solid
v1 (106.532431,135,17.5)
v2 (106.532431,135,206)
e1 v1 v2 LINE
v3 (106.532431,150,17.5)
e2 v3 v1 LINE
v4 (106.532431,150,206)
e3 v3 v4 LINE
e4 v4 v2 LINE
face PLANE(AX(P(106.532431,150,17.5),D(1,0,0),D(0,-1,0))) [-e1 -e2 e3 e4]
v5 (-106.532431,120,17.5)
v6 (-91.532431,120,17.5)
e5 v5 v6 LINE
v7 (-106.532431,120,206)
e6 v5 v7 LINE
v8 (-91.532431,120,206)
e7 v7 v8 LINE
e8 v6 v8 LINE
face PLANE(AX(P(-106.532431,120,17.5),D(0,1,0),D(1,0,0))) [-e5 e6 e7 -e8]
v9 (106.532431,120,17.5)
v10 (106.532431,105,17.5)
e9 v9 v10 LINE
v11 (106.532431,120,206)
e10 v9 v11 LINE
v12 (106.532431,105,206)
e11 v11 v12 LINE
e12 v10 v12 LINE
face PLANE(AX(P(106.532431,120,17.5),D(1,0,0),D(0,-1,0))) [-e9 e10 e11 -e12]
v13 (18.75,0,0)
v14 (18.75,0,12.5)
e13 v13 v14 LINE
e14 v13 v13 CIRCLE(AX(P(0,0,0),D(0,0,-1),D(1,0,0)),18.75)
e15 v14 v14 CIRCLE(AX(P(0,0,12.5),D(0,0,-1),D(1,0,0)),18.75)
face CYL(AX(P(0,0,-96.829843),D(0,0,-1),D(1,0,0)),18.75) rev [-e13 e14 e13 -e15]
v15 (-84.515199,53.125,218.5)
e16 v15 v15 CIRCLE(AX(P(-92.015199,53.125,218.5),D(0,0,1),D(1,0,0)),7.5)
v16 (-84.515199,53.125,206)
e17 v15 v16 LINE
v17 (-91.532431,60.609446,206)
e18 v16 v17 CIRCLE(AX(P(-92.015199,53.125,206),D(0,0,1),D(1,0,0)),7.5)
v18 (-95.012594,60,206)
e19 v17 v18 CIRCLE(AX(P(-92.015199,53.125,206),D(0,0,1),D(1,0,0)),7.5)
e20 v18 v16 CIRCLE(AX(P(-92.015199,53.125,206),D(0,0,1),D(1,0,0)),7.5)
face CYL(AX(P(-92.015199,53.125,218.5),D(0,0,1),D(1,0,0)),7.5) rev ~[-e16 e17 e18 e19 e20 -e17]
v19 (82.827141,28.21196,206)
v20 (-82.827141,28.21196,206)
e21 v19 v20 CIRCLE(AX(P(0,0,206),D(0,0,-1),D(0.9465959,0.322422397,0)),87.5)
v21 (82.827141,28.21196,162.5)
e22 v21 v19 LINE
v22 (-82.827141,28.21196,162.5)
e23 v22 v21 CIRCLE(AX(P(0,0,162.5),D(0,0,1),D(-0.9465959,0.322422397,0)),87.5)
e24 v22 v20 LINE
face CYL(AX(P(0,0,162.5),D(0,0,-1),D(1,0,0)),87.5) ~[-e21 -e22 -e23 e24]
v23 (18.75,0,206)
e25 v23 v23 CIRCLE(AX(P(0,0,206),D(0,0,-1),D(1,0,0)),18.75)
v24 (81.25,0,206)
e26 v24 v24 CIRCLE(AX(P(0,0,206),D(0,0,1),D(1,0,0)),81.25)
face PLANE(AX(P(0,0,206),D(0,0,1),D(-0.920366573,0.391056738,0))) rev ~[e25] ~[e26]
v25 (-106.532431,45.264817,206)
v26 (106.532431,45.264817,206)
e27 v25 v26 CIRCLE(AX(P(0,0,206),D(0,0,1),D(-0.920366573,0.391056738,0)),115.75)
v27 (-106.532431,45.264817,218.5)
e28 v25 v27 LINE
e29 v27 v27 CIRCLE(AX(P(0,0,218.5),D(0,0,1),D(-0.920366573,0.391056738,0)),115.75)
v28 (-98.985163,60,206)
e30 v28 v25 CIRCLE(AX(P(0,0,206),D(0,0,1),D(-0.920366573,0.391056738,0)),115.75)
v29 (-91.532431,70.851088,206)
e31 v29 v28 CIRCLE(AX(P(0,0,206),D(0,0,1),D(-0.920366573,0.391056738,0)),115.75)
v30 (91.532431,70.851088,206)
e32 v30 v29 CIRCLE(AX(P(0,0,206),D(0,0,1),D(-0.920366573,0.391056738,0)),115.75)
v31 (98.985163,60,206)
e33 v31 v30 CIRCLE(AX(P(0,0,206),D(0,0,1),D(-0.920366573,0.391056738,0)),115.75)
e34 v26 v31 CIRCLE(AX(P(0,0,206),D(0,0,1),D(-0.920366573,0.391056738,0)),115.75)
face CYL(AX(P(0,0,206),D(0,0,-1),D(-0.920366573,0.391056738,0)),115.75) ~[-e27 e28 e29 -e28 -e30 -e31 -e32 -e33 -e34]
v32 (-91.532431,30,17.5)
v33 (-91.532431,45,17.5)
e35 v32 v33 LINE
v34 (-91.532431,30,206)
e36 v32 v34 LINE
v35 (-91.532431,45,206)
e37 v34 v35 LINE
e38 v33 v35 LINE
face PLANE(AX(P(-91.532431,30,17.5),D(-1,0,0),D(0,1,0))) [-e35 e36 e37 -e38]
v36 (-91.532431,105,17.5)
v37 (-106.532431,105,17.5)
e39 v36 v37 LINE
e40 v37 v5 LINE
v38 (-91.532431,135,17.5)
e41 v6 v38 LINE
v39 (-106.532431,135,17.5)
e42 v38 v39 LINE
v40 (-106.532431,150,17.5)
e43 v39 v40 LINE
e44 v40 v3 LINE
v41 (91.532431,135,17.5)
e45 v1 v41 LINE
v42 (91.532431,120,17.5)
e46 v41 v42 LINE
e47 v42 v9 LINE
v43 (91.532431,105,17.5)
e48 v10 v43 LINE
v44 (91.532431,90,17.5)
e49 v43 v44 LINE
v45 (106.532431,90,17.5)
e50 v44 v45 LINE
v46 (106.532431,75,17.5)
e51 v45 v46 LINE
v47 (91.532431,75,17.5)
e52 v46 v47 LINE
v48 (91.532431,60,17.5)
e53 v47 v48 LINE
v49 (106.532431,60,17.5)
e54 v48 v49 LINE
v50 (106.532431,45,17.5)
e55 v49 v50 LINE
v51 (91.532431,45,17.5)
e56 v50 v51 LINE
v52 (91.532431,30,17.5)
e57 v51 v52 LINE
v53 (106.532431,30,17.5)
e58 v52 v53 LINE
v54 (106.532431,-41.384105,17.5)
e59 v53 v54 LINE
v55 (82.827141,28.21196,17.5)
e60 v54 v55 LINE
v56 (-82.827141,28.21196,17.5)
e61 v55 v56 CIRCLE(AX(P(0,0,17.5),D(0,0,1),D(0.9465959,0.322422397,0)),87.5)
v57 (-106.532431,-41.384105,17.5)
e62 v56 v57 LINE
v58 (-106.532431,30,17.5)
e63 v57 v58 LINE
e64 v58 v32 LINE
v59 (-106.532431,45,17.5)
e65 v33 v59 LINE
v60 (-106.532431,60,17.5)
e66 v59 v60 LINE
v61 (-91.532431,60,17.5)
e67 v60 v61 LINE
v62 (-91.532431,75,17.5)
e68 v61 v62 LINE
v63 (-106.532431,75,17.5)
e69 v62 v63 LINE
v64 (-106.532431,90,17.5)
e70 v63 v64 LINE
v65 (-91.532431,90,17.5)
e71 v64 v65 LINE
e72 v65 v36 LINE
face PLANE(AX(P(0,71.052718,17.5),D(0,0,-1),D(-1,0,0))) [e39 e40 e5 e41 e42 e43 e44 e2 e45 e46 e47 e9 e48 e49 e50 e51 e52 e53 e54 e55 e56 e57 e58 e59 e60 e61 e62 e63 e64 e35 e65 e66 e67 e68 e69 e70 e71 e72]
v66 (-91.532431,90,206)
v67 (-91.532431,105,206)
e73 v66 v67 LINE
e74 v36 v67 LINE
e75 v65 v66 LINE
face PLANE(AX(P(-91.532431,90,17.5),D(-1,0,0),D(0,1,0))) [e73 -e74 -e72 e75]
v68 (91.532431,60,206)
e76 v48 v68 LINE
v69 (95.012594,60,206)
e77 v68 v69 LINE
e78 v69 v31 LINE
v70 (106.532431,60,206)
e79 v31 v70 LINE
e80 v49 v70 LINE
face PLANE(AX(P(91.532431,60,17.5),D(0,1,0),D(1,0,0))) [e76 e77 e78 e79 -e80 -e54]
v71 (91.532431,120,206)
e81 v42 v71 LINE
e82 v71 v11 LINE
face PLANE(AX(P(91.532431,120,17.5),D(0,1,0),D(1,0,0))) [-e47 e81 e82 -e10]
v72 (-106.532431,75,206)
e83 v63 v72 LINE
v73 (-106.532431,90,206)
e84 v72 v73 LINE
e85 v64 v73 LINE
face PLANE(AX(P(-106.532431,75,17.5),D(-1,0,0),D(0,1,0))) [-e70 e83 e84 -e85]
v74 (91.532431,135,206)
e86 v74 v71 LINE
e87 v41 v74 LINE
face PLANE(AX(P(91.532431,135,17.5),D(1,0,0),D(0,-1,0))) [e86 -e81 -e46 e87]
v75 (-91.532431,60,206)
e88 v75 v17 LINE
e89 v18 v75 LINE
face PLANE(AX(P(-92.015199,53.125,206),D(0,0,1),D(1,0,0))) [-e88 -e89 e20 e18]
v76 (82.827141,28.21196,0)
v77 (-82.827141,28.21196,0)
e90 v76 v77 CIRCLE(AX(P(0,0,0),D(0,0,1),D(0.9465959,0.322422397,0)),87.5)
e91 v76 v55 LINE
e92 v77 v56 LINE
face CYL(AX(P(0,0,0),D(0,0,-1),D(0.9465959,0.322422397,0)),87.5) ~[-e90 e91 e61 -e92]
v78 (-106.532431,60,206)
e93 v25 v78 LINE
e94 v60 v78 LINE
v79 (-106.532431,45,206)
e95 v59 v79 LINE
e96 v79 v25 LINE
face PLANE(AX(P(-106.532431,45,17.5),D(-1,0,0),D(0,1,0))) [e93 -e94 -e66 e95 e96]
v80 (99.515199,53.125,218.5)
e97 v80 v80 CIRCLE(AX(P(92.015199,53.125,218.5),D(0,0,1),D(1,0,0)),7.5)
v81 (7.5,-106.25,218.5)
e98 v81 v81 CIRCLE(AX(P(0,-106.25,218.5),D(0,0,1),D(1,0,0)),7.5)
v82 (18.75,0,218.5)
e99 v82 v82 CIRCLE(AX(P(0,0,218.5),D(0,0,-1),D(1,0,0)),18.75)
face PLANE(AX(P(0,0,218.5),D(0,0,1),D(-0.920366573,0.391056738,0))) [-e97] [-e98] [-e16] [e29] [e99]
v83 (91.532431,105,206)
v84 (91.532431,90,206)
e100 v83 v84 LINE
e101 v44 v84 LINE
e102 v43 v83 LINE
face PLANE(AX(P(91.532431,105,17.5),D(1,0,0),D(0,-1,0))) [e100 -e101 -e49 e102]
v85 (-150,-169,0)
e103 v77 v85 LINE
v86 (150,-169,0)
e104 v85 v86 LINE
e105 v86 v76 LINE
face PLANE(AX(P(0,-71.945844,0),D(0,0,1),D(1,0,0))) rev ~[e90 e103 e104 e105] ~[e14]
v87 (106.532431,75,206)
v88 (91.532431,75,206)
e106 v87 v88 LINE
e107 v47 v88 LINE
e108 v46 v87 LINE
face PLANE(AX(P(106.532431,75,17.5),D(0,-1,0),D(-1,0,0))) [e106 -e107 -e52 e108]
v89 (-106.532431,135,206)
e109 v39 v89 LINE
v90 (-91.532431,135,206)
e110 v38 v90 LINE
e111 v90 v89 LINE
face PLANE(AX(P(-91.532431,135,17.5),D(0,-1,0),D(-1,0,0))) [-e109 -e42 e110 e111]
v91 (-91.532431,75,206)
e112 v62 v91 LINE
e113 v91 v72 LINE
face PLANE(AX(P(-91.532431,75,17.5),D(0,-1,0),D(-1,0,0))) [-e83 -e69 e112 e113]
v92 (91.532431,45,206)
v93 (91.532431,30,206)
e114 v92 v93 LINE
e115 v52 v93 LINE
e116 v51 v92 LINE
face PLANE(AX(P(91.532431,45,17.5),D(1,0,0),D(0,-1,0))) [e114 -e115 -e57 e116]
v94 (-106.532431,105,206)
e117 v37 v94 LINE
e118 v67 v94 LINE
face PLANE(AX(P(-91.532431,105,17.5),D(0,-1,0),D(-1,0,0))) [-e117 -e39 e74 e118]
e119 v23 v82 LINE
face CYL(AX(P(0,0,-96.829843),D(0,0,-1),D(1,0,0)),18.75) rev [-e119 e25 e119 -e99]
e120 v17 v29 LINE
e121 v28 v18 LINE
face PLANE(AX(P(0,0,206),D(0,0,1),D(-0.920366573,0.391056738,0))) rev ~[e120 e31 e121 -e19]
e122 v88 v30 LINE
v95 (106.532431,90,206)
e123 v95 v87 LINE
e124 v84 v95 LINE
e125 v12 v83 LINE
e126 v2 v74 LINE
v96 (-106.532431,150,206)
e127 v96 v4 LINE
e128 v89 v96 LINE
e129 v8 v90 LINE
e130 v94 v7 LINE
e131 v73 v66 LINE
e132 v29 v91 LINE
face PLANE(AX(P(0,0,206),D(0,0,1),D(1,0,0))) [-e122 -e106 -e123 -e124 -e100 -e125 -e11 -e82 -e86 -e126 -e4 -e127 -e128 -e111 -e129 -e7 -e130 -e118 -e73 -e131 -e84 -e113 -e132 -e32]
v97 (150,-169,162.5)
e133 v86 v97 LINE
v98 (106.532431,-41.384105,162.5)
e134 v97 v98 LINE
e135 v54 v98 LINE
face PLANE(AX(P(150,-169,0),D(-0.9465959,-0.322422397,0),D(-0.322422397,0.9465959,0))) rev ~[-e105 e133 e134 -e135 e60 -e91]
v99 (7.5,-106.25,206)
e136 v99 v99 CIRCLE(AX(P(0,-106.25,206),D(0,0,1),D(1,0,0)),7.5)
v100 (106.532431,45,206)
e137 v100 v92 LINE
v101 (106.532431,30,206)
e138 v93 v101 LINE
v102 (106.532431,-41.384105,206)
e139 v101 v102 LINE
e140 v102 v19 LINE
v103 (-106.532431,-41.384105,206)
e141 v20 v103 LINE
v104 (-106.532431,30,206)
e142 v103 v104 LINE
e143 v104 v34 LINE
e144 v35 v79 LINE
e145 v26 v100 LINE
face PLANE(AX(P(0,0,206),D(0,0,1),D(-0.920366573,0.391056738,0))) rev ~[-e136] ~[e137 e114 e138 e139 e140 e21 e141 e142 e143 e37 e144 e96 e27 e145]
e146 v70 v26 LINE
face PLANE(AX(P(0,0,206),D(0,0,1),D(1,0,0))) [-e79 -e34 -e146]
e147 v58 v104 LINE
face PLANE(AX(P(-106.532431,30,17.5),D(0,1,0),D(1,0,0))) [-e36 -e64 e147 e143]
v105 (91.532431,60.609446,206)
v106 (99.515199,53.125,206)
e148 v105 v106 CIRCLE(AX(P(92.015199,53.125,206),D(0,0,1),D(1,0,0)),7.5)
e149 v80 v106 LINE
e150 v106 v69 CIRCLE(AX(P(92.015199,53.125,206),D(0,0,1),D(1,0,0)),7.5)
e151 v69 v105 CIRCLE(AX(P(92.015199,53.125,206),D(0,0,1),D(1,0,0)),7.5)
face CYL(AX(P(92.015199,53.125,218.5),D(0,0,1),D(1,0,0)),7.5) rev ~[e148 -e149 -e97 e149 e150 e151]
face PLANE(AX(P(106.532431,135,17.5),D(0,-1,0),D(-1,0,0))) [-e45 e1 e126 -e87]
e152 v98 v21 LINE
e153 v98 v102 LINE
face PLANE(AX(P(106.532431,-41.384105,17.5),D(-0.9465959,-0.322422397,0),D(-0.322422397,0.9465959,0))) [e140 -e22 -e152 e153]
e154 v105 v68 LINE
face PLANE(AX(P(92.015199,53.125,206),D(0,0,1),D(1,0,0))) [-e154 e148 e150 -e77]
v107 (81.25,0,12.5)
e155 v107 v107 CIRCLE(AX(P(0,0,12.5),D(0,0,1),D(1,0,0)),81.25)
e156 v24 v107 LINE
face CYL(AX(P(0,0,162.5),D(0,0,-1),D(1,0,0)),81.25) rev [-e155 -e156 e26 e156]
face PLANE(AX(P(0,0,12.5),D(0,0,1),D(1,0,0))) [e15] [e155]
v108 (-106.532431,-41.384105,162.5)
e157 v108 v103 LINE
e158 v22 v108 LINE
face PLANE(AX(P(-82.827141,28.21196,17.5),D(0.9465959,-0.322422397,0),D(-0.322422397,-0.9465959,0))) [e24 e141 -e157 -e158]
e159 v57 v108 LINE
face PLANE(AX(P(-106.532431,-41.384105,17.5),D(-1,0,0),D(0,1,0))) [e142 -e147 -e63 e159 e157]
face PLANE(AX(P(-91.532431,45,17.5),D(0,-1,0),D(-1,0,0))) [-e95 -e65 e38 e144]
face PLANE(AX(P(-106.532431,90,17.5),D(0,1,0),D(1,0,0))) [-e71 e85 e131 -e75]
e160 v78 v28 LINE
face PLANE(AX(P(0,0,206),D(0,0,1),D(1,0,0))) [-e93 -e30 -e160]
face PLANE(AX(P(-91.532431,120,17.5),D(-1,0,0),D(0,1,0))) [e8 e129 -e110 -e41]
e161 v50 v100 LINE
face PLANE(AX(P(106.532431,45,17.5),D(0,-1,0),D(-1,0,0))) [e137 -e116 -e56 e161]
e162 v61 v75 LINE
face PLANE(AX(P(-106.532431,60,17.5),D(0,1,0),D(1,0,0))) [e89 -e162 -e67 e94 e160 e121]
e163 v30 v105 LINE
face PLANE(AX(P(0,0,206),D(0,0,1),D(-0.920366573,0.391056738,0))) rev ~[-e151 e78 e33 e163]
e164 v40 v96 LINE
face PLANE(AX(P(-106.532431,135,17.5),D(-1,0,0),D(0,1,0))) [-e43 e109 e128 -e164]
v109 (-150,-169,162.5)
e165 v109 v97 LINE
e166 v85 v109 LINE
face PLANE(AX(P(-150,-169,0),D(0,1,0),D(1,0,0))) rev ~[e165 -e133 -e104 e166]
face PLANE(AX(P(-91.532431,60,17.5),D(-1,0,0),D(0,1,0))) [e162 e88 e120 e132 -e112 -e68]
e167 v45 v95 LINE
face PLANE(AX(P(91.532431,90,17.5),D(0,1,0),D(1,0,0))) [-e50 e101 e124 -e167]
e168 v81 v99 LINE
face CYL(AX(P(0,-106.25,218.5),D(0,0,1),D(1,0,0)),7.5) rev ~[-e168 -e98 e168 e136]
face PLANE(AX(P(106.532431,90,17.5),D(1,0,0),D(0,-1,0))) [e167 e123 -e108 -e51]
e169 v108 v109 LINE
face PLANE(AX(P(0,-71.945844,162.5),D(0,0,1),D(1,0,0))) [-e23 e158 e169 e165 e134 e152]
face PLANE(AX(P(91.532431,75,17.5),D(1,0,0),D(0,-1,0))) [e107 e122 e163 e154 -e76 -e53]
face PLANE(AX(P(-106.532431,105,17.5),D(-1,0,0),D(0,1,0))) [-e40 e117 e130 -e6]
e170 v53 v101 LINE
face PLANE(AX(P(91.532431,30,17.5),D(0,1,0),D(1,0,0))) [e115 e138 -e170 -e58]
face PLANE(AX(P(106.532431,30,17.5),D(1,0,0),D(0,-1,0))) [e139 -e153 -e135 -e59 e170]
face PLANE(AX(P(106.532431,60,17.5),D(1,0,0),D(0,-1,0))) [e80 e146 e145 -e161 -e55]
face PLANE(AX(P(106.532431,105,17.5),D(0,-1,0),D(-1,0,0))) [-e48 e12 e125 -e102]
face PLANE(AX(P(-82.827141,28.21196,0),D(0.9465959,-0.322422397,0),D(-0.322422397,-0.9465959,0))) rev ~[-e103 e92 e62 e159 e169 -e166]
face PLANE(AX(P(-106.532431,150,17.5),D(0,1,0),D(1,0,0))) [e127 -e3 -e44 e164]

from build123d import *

# Parameters (mm, degrees)
BOSS_EXTRUDE1_DEPTH      = 162.5
BOSS_EXTRUDE2_DEPTH      = 43.5
BOSS_EXTRUDE2_DEPTH_BACK = 145
SKETCH3_R                = 81.25
CUT_EXTRUDE1_DEPTH       = 150
SKETCH6_R                = 87.5
SKETCH6_R_2              = 81.25
BOSS_EXTRUDE4_DEPTH      = 43.5
SKETCH7_R                = 115.75
BOSS_EXTRUDE5_DEPTH      = 12.5
SKETCH8_R                = 7.5
CUT_EXTRUDE2_DEPTH       = 12.5
CUT_EXTRUDE3_DEPTH       = 315.329842681
CUT_EXTRUDE3_DEPTH_BACK  = 315.329842681
SKETCH9_R                = 18.75


with BuildPart() as part:
    # Sketch1 → Boss-Extrude1 (new body)
    with BuildSketch(Plane.XY):
        with BuildLine():
            Line((-150, -169), (150, -169))
            Line((150, -169), (82.827141263, 28.211959701))
            ThreePointArc((82.827141263, 28.211959701), (0, 87.5), (-82.827141263, 28.211959701))
            Line((-82.827141263, 28.211959701), (-150, -169))
        make_face()
    extrude(amount=BOSS_EXTRUDE1_DEPTH)

    # Sketch2 → Boss-Extrude2 (add, two sides: drawn at the far end of the back side and taken through both)
    with BuildSketch(Plane.XY.offset(162.5).offset(-BOSS_EXTRUDE2_DEPTH_BACK)):
        with BuildLine():
            Line((-106.53243077, 150), (106.53243077, 150))
            Line((106.53243077, 150), (106.53243077, 135))
            Line((106.53243077, 135), (91.53243077, 135))
            Line((91.53243077, 135), (91.53243077, 120))
            Line((91.53243077, 120), (106.53243077, 120))
            Line((106.53243077, 120), (106.53243077, 105))
            Line((106.53243077, 105), (91.53243077, 105))
            Line((91.53243077, 105), (91.53243077, 90))
            Line((91.53243077, 90), (106.53243077, 90))
            Line((106.53243077, 90), (106.53243077, 75))
            Line((106.53243077, 75), (91.53243077, 75))
            Line((91.53243077, 75), (91.53243077, 60))
            Line((91.53243077, 60), (106.53243077, 60))
            Line((106.53243077, 60), (106.53243077, 45))
            Line((106.53243077, 45), (91.53243077, 45))
            Line((91.53243077, 45), (91.53243077, 30))
            Line((91.53243077, 30), (106.53243077, 30))
            Line((106.53243077, 30), (106.53243077, -41.384104643))
            Line((106.53243077, -41.384104643), (82.827141263, 28.211959701))
            ThreePointArc((82.827141263, 28.211959701), (0, 87.5), (-82.827141263, 28.211959701))
            Line((-82.827141263, 28.211959701), (-106.53243077, -41.384104643))
            Line((-106.53243077, -41.384104643), (-106.53243077, 30))
            Line((-106.53243077, 30), (-91.53243077, 30))
            Line((-91.53243077, 30), (-91.53243077, 45))
            Line((-91.53243077, 45), (-106.53243077, 45))
            Line((-106.53243077, 45), (-106.53243077, 60))
            Line((-106.53243077, 60), (-91.53243077, 60))
            Line((-91.53243077, 60), (-91.53243077, 75))
            Line((-91.53243077, 75), (-106.53243077, 75))
            Line((-106.53243077, 75), (-106.53243077, 90))
            Line((-106.53243077, 90), (-91.53243077, 90))
            Line((-91.53243077, 90), (-91.53243077, 105))
            Line((-91.53243077, 105), (-106.53243077, 105))
            Line((-106.53243077, 105), (-106.53243077, 120))
            Line((-106.53243077, 120), (-91.53243077, 120))
            Line((-91.53243077, 120), (-91.53243077, 135))
            Line((-91.53243077, 135), (-106.53243077, 135))
            Line((-106.53243077, 135), (-106.53243077, 150))
        make_face()
    extrude(amount=BOSS_EXTRUDE2_DEPTH + BOSS_EXTRUDE2_DEPTH_BACK)

    # Sketch3 → Cut-Extrude1 (cut)
    with BuildSketch(Plane.XY.offset(162.5)):
        Circle(SKETCH3_R)
    extrude(amount=-CUT_EXTRUDE1_DEPTH, mode=Mode.SUBTRACT)

    # Sketch6 → Boss-Extrude4 (add, through all)
    with BuildSketch(Plane.XY.offset(162.5)):
        Circle(SKETCH6_R)
        Circle(SKETCH6_R_2, mode=Mode.SUBTRACT)
    extrude(amount=BOSS_EXTRUDE4_DEPTH)

    # Sketch7 → Boss-Extrude5 (add)
    with BuildSketch(Plane.XY.offset(206)):
        with Locations(Location((0, 0, 0), (0, 0, 156.979731296))):
            Circle(SKETCH7_R)
    extrude(amount=BOSS_EXTRUDE5_DEPTH)

    # Sketch8 → Cut-Extrude2 (cut)
    with BuildSketch(Plane.XY.offset(218.5)):
        with Locations((0, -106.25)):
            Circle(SKETCH8_R)
        with Locations((-92.015199152, 53.125)):
            Circle(SKETCH8_R)
        with Locations((92.015199152, 53.125)):
            Circle(SKETCH8_R)
    extrude(amount=-CUT_EXTRUDE2_DEPTH, mode=Mode.SUBTRACT)

    # Sketch9 → Cut-Extrude3 (cut, two sides: drawn at the far end of the back side and taken through both)
    with BuildSketch(Plane.XY.offset(218.5).offset(-CUT_EXTRUDE3_DEPTH_BACK)):
        Circle(SKETCH9_R)
    extrude(amount=CUT_EXTRUDE3_DEPTH + CUT_EXTRUDE3_DEPTH_BACK, mode=Mode.SUBTRACT)


solid = part.part
